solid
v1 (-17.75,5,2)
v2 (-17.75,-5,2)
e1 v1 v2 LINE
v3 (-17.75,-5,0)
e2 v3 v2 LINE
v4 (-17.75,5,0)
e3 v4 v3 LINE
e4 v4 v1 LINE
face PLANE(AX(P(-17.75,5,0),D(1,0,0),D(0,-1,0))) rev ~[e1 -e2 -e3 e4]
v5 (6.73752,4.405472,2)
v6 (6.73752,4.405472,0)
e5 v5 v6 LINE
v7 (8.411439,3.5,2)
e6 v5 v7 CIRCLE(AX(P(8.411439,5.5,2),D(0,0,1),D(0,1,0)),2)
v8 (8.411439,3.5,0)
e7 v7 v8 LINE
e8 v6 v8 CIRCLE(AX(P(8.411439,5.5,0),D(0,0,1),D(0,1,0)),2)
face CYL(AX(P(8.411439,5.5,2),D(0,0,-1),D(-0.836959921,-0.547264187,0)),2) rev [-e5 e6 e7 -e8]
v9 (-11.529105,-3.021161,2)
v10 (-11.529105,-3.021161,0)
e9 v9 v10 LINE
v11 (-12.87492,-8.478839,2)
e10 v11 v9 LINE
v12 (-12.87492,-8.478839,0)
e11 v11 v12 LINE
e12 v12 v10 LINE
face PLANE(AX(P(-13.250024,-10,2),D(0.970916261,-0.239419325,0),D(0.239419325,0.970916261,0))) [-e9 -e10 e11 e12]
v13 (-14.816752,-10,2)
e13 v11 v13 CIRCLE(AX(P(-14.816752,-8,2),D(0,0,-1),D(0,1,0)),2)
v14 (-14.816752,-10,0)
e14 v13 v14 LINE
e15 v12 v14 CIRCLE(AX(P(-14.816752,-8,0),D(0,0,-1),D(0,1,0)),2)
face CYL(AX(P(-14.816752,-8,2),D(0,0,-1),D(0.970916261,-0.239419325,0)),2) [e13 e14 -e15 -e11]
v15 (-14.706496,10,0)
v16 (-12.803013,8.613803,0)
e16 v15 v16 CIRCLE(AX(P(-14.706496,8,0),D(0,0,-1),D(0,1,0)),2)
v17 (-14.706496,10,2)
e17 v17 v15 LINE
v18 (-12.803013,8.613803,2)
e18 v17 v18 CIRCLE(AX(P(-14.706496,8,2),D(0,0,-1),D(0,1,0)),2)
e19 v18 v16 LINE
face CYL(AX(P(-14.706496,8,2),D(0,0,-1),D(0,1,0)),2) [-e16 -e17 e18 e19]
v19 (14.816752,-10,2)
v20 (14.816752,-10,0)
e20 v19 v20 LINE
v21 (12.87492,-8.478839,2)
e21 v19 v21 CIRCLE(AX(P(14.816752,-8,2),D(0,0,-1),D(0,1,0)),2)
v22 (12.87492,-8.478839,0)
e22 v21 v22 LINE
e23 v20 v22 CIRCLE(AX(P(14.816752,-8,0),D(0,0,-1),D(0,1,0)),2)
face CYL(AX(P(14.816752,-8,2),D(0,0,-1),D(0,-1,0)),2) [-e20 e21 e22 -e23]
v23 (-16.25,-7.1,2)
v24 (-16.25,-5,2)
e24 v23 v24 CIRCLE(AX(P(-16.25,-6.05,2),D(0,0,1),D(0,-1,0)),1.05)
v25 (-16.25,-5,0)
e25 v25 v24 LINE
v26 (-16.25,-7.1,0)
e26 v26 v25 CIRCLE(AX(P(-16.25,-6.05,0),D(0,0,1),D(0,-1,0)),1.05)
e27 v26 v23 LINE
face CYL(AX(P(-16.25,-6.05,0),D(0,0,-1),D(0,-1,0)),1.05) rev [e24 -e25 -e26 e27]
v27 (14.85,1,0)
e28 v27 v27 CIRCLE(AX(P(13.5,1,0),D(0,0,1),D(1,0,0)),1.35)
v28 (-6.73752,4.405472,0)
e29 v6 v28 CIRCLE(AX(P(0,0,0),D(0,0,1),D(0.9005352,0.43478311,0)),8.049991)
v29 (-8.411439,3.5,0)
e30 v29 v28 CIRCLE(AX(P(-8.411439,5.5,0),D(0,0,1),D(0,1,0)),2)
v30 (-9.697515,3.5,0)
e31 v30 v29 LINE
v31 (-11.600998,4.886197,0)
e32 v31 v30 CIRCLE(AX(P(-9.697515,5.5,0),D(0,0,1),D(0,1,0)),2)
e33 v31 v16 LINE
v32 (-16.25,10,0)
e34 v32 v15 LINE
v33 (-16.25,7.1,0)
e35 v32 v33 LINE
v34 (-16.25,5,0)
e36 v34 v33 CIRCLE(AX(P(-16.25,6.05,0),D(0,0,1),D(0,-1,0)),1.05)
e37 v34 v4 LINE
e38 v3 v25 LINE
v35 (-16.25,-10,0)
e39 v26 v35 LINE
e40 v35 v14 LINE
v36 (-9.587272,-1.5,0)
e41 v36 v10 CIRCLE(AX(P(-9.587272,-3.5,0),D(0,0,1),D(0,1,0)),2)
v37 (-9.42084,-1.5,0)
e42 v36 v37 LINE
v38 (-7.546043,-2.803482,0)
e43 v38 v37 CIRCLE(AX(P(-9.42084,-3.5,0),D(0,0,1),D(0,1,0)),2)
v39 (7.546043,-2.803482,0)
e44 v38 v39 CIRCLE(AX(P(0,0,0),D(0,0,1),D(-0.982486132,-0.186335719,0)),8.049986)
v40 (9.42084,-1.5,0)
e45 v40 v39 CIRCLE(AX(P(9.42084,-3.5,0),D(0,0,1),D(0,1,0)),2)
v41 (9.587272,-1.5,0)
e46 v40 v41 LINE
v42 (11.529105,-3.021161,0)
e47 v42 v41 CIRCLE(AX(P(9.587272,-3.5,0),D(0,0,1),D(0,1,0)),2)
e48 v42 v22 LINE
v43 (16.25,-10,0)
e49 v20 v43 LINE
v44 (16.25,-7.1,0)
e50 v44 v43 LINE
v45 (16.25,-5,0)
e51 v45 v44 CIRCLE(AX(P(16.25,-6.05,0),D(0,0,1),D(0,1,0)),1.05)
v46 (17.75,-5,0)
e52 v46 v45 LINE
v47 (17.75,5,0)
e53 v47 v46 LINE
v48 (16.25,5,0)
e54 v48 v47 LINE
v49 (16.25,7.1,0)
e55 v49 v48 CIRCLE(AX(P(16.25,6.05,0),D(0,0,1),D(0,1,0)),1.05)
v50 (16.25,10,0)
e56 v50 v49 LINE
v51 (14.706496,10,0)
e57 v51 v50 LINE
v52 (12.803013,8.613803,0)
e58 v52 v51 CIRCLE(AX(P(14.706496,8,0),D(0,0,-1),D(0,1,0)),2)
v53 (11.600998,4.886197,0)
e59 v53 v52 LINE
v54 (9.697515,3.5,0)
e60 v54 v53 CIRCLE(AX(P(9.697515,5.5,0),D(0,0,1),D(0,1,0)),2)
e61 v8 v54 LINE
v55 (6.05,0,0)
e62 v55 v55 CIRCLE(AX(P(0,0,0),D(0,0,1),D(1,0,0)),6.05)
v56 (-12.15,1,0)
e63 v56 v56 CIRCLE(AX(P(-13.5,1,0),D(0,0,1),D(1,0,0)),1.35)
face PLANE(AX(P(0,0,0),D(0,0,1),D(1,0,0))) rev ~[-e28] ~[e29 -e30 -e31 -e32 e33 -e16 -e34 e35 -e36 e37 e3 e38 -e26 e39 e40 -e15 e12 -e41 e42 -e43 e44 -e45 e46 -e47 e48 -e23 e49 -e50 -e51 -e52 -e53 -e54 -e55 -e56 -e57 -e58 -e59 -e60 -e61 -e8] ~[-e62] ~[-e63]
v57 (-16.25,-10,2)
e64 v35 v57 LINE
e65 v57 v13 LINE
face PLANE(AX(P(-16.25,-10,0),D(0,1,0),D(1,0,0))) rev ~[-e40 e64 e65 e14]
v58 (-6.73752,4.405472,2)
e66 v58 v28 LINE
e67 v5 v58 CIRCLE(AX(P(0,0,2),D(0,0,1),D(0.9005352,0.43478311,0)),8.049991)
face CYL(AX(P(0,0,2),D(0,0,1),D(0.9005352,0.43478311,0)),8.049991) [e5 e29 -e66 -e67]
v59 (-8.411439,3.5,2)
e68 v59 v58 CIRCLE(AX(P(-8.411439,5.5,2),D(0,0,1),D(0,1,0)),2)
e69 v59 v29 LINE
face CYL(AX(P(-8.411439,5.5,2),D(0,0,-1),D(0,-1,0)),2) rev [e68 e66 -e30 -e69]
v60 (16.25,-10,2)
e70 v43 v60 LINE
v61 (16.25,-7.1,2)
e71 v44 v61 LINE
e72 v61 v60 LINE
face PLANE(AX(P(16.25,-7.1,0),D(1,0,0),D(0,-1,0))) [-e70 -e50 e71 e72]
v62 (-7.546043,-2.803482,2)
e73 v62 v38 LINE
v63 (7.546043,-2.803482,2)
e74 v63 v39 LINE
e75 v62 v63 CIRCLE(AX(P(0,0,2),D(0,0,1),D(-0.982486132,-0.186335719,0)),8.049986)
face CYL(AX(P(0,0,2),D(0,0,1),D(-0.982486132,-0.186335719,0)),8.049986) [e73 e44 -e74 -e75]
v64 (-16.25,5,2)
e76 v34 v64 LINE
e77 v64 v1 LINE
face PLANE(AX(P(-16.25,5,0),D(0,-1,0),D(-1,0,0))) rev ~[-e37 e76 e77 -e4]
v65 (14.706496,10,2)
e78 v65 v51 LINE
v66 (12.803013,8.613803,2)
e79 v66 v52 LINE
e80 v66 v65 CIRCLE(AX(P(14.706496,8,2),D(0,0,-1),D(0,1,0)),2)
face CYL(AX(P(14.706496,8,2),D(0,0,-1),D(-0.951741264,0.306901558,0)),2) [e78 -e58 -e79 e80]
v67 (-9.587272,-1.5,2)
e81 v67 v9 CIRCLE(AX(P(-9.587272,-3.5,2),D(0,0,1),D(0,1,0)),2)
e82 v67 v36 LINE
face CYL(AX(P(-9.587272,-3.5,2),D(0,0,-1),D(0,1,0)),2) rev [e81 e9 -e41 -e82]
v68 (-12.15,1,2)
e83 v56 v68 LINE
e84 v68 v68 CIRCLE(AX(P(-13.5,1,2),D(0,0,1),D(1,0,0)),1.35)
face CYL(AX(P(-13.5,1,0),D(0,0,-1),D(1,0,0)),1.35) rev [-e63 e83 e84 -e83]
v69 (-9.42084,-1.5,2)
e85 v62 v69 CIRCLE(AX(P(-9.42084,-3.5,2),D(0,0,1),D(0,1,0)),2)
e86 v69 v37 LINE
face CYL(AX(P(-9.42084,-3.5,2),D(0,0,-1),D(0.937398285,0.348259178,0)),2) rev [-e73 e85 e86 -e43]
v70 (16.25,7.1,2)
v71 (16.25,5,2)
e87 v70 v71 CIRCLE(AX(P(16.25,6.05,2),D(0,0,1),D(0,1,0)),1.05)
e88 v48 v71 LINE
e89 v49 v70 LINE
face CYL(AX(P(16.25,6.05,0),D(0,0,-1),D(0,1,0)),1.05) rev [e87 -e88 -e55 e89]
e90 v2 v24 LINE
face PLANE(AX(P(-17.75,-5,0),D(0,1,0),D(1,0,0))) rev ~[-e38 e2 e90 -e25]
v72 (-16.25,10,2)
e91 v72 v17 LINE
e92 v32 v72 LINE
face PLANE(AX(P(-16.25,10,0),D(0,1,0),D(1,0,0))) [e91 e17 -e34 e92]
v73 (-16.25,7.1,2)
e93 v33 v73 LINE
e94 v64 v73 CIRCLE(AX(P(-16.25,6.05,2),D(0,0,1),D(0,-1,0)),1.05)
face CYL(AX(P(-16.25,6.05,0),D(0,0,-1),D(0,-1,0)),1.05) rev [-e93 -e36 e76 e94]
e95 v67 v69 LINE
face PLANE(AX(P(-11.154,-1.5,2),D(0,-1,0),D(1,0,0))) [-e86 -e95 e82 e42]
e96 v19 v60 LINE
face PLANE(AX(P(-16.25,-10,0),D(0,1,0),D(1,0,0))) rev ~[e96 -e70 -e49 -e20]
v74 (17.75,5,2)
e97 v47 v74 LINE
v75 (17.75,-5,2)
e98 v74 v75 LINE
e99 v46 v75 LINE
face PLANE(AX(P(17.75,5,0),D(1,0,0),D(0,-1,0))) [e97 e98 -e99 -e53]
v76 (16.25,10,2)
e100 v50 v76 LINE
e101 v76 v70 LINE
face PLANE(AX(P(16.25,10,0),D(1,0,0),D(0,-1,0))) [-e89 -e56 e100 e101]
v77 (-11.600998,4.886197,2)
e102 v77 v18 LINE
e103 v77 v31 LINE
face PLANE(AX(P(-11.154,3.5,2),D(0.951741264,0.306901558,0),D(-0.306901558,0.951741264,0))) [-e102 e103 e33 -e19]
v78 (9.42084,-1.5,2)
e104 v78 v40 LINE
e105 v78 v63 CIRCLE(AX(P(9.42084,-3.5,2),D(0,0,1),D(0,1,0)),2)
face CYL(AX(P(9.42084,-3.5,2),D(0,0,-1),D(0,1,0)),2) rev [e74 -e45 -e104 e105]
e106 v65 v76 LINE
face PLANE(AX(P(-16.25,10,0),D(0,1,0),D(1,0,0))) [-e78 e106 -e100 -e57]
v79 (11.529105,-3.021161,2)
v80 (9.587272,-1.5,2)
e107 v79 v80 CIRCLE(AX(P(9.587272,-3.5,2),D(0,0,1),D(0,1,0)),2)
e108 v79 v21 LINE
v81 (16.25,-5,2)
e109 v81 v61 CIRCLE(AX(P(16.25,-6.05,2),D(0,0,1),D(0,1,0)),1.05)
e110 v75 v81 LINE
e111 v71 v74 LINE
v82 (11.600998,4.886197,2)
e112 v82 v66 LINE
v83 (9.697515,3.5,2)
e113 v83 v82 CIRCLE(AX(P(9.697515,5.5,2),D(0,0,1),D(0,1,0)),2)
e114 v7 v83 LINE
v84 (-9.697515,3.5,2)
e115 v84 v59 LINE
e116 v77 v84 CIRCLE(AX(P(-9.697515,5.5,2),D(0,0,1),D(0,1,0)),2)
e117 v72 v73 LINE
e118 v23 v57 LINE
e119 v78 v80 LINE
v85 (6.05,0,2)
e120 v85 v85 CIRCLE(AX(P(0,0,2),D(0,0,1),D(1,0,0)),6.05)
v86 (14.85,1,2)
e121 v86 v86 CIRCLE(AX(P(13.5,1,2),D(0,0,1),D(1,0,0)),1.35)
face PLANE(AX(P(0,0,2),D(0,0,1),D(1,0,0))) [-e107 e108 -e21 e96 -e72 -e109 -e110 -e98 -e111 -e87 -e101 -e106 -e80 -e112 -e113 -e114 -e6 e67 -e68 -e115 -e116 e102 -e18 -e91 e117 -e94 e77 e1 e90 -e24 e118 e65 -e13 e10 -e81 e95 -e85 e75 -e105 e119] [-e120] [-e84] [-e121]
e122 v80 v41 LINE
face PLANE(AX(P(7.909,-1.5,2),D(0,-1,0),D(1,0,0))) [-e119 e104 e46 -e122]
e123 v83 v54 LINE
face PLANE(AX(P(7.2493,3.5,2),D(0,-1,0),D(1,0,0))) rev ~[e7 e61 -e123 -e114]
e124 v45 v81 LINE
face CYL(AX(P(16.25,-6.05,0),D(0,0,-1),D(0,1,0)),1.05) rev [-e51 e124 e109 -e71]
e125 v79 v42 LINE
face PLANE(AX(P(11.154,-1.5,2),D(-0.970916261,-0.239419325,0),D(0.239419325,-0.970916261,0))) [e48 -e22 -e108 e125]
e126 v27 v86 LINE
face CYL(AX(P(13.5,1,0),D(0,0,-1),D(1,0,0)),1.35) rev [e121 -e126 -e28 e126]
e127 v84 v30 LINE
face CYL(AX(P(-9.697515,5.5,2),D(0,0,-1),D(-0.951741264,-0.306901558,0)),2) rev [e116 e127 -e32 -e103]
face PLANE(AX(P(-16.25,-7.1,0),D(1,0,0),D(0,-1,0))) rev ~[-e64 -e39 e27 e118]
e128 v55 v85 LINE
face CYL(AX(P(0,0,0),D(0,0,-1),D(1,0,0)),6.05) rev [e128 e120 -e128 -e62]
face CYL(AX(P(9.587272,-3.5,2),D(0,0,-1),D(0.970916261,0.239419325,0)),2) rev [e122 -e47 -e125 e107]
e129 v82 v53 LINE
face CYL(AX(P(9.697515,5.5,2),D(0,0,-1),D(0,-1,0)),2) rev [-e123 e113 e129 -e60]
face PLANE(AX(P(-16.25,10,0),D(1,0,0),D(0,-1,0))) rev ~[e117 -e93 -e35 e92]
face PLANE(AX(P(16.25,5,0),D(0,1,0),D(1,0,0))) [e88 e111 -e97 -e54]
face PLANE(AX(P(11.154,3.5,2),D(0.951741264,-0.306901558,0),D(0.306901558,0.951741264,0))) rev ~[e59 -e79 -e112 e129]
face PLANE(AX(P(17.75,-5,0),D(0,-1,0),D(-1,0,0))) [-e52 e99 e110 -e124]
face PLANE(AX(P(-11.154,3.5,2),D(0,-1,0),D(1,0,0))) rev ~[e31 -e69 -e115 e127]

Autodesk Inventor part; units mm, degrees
ref_plane "YZ Plane" through (0, 0, 0) normal (1, 0, 0) x (0, 1, 0)
ref_plane "XZ Plane" through (0, 0, 0) normal (0, 1, 0) x (-1, 0, 0)
ref_plane "XY Plane" through (0, 0, 0) normal (0, 0, 1) x (1, 0, 0)
sketch "スケッチ1" plane through (0, 0, 0) normal (0, 0, 1) x (1, 0, 0)
  circle A0 centre (0, 0) radius 10.5 construction
  circle A1 centre (-13.5, 1) radius 1.35
  line L0 (-13.5, 28) -> (13.5, 28) construction
  line L1 (13.5, 28) -> (13.5, 1) construction
  line L2 (13.5, 1) -> (-13.5, 1) construction
  line L3 (-13.5, 1) -> (-13.5, 28) construction
  circle A2 centre (-13.5, 28) radius 1.35
  circle A3 centre (13.5, 1) radius 1.35
  circle A4 centre (13.5, 28) radius 1.35
  line L4 (-16.25, 10) -> (-16.25, 7.1)
  line L5 (-16.25, 10) -> (16.25, 10)
  line L6 (16.25, 10) -> (16.25, 7.1)
  line L7 (-16.25, -7.1) -> (-16.25, -10)
  line L8 (-16.25, -10) -> (16.25, -10)
  line L9 (16.25, -7.1) -> (16.25, -10)
  line L10 (-16.25, 5) -> (-17.75, 5)
  line L11 (-17.75, 5) -> (-17.75, -5)
  line L12 (-17.75, -5) -> (-16.25, -5)
  arc A5 (-16.25, 5) -> (-16.25, 7.1) centre (-16.25, 6.05) ccw
  arc A6 (-16.25, -7.1) -> (-16.25, -5) centre (-16.25, -6.05) ccw
  line L13 (16.25, 5) -> (17.75, 5)
  line L14 (17.75, 5) -> (17.75, -5)
  line L15 (17.75, -5) -> (16.25, -5)
  arc A7 (16.25, 7.1) -> (16.25, 5) centre (16.25, 6.05) ccw
  line L16 (0, 28) -> (0, 0) construction
  arc A8 (16.25, -5) -> (16.25, -7.1) centre (16.25, -6.05) ccw
  line L17 (-17.75, 0) -> (17.75, 0) construction
  circle A9 centre (0, 0) radius 6.05
  point P0 (0, 10)
  dimension "d8" = 21
  dimension "d10" = 27
  dimension "d12" = 1
  dimension "d13" = 2.7
  dimension "d38" = 27
  dimension "d44" = 27
  dimension "d47" = 1.05
  dimension "d48" = 32.5
  dimension "d49" = 1.5
  dimension "d50" = 10
  dimension "d51" = 5
  dimension "d52" = 12.1
  dimension "d64" = 1.5
extrude "押し出し1" add sketch "スケッチ1" along normal blind 2 contours L5 L6 A7 L13 L14 L15 A8 L9 L8 L7 A6 L12 L11 L10 A5 L4
sketch "スケッチ3" plane through (0, 0, 2) normal (0, 0, 1) x (1, 0, 0)
  circle A0 centre (0, 0) radius 6.05 projected
  circle A1 centre (13.5, 1) radius 1.35 projected
  circle A2 centre (-13.5, 1) radius 1.35 projected
  line L0 (16.25, 10) -> (-16.25, 10) projected
  line L1 (-11.154, 3.5) -> (-7.2493, 3.5)
  line L2 (-11.154, -1.5) -> (-7.909, -1.5)
  line L3 (-13.5, 1) -> (13.5, 1) construction
  arc A3 (7.2493, 3.5) -> (-7.2493, 3.5) centre (0, 0) ccw
  line L4 (7.2493, 3.5) -> (11.154, 3.5)
  line L5 (-14.3875, 13.5275) -> (14.3875, 13.5275)
  line L6 (0, 0) -> (0, 10) construction
  arc A4 (-7.909, -1.5) -> (7.909, -1.5) centre (0, 0) ccw
  line L7 (7.909, -1.5) -> (11.154, -1.5)
  line L8 (14.3875, -14.6128) -> (-14.3875, -14.6128)
  line L9 (-16.25, -10) -> (16.25, -10) projected
  line L10 (-14.3875, -14.6128) -> (-11.154, -1.5)
  line L11 (-11.154, 3.5) -> (-14.3875, 13.5275)
  circle A5 centre (-13.5, 1) radius 3 construction
  line L12 (11.154, -1.5) -> (14.3875, -14.6128)
  line L13 (11.154, 3.5) -> (14.3875, 13.5275)
  line L14 (-13.25, 10) -> (-16.25, 10) construction
  line L15 (-13.25, -10) -> (-16.25, -10) construction
  line L16 (13.25, 10) -> (16.25, 10) construction
  line L17 (16.25, -10) -> (13.25, -10) construction
  dimension "d68" = 2.5
  dimension "d69" = 2
  dimension "d73" = 6
  dimension "d74" = 3
extrude "押し出し3" cut sketch "スケッチ3" against normal blind 10 contours L13 L4 A3 L1 L11 L0 | L2 A4 L7 L12 L9 L10
fillet "フィレット2" radius 2 12 edges at (-11.154, 3.5, 1) (-7.2493, 3.5, 1) (7.909, -1.5, 1) (7.2493, 3.5, 1) (11.154, 3.5, 1) (-7.909, -1.5, 1) (-11.154, -1.5, 1) (11.154, -1.5, 1) (-13.25, -10, 1) (-13.25, 10, 1) (13.25, -10, 1) (13.25, 10, 1)
equation "\"d38\" = d10"
equation "\"d44\" = d10"
equation "\"d50\" = d11"
equation "\"d51\" = d28"
equation "\"d64\" = d49"
equation "\"d11\" = 10"
equation "\"d28\" = 5"
properties part number "足首_サブフレーム_1_2" material "アルミニウム 2014-T4"
